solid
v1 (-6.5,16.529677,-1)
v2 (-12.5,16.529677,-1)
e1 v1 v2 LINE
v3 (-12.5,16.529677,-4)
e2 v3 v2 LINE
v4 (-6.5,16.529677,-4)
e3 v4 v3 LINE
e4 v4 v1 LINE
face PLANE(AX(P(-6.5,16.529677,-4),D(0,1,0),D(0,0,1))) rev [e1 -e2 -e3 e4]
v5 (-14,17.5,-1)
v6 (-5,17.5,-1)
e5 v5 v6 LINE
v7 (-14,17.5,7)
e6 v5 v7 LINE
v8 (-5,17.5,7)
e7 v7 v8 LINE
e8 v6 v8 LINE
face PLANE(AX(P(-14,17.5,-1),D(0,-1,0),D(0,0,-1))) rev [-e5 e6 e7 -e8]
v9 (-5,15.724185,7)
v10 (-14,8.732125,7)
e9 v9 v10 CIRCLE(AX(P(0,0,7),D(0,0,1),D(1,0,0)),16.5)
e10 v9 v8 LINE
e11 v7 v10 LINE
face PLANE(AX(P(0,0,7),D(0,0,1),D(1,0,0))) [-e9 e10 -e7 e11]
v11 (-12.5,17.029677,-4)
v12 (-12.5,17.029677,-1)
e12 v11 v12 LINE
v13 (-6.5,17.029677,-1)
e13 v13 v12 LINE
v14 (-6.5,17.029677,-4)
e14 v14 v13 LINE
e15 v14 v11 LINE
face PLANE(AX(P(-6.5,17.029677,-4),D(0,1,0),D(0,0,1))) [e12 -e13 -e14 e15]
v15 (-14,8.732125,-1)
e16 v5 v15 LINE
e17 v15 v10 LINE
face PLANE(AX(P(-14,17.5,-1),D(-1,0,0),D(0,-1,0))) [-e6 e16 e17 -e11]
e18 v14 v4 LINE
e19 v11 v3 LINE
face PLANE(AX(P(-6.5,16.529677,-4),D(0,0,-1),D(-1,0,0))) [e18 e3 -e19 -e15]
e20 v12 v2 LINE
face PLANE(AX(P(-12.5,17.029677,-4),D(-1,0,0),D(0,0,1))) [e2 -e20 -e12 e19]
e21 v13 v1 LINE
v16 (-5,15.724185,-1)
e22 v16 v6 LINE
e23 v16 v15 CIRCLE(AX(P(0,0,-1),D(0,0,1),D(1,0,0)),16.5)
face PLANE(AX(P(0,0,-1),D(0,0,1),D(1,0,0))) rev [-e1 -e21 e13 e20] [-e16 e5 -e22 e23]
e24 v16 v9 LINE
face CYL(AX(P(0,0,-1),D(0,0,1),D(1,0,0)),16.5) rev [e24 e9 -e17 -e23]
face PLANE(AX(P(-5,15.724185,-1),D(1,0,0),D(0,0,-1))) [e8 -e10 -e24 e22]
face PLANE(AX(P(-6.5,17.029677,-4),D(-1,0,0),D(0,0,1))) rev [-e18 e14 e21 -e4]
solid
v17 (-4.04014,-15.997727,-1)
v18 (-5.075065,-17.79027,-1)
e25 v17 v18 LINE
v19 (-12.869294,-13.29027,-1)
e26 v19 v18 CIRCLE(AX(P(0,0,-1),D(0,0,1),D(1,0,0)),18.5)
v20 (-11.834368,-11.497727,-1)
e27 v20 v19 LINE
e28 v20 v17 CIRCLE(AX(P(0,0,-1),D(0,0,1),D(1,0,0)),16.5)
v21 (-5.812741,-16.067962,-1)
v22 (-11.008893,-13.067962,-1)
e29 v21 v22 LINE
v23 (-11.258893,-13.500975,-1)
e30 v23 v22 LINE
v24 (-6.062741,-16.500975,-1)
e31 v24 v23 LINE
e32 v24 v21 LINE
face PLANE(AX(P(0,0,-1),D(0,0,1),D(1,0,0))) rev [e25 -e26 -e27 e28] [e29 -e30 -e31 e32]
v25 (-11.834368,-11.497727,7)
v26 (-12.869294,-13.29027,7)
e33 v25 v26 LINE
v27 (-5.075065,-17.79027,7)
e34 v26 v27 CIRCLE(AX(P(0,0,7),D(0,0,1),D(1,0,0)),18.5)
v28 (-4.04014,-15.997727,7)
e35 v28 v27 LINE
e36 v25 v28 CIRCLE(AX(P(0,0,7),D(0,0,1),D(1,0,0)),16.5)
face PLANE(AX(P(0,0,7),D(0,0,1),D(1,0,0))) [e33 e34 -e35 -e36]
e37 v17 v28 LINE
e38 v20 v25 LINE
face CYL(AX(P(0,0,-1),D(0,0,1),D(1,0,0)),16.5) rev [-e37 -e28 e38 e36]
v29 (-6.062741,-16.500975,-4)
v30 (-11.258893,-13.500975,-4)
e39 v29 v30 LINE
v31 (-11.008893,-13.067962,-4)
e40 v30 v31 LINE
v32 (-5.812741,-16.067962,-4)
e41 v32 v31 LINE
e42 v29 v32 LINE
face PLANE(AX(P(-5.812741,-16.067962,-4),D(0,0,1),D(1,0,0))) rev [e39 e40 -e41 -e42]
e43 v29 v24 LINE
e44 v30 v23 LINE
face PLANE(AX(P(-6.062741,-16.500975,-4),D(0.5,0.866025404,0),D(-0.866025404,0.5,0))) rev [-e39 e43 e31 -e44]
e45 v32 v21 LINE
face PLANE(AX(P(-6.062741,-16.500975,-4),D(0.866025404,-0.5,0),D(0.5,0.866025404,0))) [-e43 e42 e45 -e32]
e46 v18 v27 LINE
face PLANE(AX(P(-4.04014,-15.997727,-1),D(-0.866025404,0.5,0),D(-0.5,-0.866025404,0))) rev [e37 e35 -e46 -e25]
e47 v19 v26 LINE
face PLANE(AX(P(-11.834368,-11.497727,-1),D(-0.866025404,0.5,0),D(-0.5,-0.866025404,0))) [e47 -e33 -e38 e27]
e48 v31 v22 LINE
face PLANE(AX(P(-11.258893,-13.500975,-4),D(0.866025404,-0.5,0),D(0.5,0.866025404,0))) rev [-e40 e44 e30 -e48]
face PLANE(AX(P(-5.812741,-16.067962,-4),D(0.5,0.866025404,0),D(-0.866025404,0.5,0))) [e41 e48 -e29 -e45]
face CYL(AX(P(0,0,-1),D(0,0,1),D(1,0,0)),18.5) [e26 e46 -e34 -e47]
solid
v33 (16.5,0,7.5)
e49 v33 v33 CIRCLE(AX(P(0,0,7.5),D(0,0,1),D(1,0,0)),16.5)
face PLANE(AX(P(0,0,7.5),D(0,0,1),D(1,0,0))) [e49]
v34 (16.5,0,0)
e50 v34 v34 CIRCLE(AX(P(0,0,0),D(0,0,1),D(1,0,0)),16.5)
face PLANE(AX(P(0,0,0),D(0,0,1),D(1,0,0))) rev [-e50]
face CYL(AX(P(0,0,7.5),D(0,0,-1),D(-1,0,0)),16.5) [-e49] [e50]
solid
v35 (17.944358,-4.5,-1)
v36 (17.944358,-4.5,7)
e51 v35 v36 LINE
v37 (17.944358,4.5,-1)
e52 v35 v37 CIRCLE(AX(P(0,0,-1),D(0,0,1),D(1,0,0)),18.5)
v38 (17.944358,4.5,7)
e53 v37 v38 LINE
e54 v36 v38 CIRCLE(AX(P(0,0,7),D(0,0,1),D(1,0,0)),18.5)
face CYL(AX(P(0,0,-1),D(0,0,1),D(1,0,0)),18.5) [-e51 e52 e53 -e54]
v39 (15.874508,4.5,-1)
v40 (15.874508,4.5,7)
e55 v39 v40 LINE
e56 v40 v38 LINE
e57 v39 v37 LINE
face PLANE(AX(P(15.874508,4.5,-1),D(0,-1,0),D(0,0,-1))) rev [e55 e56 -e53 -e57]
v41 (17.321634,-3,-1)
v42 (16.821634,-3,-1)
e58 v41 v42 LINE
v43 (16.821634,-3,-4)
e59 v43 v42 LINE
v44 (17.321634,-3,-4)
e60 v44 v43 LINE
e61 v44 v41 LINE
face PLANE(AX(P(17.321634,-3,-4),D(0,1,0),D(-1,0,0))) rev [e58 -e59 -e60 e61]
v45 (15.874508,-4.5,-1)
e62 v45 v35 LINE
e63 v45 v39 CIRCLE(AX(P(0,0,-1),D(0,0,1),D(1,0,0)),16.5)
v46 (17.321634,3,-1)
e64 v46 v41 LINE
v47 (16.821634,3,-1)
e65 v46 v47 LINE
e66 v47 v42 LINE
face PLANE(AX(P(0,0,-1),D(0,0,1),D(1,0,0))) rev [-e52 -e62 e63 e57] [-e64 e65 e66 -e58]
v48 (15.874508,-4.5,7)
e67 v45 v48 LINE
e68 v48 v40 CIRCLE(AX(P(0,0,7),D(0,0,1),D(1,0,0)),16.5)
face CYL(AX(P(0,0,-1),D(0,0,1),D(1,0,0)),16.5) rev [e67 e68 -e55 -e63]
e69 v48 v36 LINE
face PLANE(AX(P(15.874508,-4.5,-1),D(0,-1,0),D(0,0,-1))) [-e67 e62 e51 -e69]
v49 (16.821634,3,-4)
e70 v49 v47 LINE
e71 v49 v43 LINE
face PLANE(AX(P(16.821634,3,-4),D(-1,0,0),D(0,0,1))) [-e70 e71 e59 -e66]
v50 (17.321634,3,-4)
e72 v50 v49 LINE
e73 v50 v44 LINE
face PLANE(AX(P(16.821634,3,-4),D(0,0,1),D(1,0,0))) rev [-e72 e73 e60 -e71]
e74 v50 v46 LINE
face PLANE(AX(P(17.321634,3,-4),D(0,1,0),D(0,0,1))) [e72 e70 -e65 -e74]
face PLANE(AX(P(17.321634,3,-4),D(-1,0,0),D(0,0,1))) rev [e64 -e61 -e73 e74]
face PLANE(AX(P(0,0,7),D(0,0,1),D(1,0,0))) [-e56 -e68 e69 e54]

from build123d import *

# Parameters (mm, degrees)
ESQUISSE1_R        = 16.5
EXTRUSION1_DEPTH   = 7.5
EXTRUSION2_DEPTH   = 8
EXTRUSION2_2_DEPTH = 8
EXTRUSION2_3_DEPTH = 8
ESQUISSE3_W        = 0.5
ESQUISSE3_H        = 6
ESQUISSE3_W_2      = 6
ESQUISSE3_H_2      = 0.5
EXTRUSION3_DEPTH   = 3


with BuildPart() as part:
    # Esquisse1 → Extrusion1 (new body)
    with BuildSketch(Plane.XY):
        Circle(ESQUISSE1_R)
    extrude(amount=EXTRUSION1_DEPTH)


with BuildPart() as body_2:
    # Esquisse2 → Extrusion2 (new body)
    with BuildSketch(Plane.XY.offset(7)):
        with BuildLine():
            Line((15.874507866, -4.5), (17.944358445, -4.5))
            ThreePointArc((17.944358445, -4.5), (18.5, 0), (17.944358445, 4.5))
            Line((17.944358445, 4.5), (15.874507866, 4.5))
            ThreePointArc((15.874507866, 4.5), (16.5, 0), (15.874507866, -4.5))
        make_face()
    extrude(amount=-EXTRUSION2_DEPTH)



with BuildPart() as body_3:
    # Esquisse2 → Extrusion2 2 (new body)
    with BuildSketch(Plane.XY.offset(7)):
        with BuildLine():
            Line((-11.83436825, -11.497727085), (-12.869293539, -13.290270268))
            ThreePointArc((-12.869293539, -13.290270268), (-9.25, -16.02146997), (-5.075064905, -17.790270268))
            Line((-5.075064905, -17.790270268), (-4.040139616, -15.997727085))
            ThreePointArc((-4.040139616, -15.997727085), (-8.25, -14.289419162), (-11.83436825, -11.497727085))
        make_face()
    extrude(amount=-EXTRUSION2_2_DEPTH)


with BuildPart() as body_4:
    # Esquisse2 → Extrusion2 3 (new body)
    with BuildSketch(Plane.XY.offset(7)):
        with BuildLine():
            Line((-5, 15.724185194), (-5, 17.5))
            Line((-5, 17.5), (-14, 17.5))
            Line((-14, 17.5), (-14, 8.732124598))
            ThreePointArc((-14, 8.732124598), (-10.122856704, 13.029879975), (-5, 15.724185194))
        make_face()
    extrude(amount=-EXTRUSION2_3_DEPTH)


with BuildPart() as body_2_1:
    add(body_2.part)

    add(body_3.part)  # Extrusion3 merges body 3

    add(body_4.part)  # Extrusion3 merges body 4
    # Esquisse3 → Extrusion3 (add)
    with BuildSketch(Plane(origin=(0, 0, -1), x_dir=(-1, 0, 0), z_dir=(0, 0, -1))):
        with Locations((-17.071633817, 0)):
            Rectangle(ESQUISSE3_W, ESQUISSE3_H)
        Polygon((6.062740697, -16.500974921), (11.25889312, -13.500974921), (11.00889312, -13.067962219), (5.812740697, -16.067962219), align=None)
        with Locations((9.5, 16.779676872)):
            Rectangle(ESQUISSE3_W_2, ESQUISSE3_H_2)
    extrude(amount=EXTRUSION3_DEPTH)


solid = Compound([part.part, body_2_1.part])
